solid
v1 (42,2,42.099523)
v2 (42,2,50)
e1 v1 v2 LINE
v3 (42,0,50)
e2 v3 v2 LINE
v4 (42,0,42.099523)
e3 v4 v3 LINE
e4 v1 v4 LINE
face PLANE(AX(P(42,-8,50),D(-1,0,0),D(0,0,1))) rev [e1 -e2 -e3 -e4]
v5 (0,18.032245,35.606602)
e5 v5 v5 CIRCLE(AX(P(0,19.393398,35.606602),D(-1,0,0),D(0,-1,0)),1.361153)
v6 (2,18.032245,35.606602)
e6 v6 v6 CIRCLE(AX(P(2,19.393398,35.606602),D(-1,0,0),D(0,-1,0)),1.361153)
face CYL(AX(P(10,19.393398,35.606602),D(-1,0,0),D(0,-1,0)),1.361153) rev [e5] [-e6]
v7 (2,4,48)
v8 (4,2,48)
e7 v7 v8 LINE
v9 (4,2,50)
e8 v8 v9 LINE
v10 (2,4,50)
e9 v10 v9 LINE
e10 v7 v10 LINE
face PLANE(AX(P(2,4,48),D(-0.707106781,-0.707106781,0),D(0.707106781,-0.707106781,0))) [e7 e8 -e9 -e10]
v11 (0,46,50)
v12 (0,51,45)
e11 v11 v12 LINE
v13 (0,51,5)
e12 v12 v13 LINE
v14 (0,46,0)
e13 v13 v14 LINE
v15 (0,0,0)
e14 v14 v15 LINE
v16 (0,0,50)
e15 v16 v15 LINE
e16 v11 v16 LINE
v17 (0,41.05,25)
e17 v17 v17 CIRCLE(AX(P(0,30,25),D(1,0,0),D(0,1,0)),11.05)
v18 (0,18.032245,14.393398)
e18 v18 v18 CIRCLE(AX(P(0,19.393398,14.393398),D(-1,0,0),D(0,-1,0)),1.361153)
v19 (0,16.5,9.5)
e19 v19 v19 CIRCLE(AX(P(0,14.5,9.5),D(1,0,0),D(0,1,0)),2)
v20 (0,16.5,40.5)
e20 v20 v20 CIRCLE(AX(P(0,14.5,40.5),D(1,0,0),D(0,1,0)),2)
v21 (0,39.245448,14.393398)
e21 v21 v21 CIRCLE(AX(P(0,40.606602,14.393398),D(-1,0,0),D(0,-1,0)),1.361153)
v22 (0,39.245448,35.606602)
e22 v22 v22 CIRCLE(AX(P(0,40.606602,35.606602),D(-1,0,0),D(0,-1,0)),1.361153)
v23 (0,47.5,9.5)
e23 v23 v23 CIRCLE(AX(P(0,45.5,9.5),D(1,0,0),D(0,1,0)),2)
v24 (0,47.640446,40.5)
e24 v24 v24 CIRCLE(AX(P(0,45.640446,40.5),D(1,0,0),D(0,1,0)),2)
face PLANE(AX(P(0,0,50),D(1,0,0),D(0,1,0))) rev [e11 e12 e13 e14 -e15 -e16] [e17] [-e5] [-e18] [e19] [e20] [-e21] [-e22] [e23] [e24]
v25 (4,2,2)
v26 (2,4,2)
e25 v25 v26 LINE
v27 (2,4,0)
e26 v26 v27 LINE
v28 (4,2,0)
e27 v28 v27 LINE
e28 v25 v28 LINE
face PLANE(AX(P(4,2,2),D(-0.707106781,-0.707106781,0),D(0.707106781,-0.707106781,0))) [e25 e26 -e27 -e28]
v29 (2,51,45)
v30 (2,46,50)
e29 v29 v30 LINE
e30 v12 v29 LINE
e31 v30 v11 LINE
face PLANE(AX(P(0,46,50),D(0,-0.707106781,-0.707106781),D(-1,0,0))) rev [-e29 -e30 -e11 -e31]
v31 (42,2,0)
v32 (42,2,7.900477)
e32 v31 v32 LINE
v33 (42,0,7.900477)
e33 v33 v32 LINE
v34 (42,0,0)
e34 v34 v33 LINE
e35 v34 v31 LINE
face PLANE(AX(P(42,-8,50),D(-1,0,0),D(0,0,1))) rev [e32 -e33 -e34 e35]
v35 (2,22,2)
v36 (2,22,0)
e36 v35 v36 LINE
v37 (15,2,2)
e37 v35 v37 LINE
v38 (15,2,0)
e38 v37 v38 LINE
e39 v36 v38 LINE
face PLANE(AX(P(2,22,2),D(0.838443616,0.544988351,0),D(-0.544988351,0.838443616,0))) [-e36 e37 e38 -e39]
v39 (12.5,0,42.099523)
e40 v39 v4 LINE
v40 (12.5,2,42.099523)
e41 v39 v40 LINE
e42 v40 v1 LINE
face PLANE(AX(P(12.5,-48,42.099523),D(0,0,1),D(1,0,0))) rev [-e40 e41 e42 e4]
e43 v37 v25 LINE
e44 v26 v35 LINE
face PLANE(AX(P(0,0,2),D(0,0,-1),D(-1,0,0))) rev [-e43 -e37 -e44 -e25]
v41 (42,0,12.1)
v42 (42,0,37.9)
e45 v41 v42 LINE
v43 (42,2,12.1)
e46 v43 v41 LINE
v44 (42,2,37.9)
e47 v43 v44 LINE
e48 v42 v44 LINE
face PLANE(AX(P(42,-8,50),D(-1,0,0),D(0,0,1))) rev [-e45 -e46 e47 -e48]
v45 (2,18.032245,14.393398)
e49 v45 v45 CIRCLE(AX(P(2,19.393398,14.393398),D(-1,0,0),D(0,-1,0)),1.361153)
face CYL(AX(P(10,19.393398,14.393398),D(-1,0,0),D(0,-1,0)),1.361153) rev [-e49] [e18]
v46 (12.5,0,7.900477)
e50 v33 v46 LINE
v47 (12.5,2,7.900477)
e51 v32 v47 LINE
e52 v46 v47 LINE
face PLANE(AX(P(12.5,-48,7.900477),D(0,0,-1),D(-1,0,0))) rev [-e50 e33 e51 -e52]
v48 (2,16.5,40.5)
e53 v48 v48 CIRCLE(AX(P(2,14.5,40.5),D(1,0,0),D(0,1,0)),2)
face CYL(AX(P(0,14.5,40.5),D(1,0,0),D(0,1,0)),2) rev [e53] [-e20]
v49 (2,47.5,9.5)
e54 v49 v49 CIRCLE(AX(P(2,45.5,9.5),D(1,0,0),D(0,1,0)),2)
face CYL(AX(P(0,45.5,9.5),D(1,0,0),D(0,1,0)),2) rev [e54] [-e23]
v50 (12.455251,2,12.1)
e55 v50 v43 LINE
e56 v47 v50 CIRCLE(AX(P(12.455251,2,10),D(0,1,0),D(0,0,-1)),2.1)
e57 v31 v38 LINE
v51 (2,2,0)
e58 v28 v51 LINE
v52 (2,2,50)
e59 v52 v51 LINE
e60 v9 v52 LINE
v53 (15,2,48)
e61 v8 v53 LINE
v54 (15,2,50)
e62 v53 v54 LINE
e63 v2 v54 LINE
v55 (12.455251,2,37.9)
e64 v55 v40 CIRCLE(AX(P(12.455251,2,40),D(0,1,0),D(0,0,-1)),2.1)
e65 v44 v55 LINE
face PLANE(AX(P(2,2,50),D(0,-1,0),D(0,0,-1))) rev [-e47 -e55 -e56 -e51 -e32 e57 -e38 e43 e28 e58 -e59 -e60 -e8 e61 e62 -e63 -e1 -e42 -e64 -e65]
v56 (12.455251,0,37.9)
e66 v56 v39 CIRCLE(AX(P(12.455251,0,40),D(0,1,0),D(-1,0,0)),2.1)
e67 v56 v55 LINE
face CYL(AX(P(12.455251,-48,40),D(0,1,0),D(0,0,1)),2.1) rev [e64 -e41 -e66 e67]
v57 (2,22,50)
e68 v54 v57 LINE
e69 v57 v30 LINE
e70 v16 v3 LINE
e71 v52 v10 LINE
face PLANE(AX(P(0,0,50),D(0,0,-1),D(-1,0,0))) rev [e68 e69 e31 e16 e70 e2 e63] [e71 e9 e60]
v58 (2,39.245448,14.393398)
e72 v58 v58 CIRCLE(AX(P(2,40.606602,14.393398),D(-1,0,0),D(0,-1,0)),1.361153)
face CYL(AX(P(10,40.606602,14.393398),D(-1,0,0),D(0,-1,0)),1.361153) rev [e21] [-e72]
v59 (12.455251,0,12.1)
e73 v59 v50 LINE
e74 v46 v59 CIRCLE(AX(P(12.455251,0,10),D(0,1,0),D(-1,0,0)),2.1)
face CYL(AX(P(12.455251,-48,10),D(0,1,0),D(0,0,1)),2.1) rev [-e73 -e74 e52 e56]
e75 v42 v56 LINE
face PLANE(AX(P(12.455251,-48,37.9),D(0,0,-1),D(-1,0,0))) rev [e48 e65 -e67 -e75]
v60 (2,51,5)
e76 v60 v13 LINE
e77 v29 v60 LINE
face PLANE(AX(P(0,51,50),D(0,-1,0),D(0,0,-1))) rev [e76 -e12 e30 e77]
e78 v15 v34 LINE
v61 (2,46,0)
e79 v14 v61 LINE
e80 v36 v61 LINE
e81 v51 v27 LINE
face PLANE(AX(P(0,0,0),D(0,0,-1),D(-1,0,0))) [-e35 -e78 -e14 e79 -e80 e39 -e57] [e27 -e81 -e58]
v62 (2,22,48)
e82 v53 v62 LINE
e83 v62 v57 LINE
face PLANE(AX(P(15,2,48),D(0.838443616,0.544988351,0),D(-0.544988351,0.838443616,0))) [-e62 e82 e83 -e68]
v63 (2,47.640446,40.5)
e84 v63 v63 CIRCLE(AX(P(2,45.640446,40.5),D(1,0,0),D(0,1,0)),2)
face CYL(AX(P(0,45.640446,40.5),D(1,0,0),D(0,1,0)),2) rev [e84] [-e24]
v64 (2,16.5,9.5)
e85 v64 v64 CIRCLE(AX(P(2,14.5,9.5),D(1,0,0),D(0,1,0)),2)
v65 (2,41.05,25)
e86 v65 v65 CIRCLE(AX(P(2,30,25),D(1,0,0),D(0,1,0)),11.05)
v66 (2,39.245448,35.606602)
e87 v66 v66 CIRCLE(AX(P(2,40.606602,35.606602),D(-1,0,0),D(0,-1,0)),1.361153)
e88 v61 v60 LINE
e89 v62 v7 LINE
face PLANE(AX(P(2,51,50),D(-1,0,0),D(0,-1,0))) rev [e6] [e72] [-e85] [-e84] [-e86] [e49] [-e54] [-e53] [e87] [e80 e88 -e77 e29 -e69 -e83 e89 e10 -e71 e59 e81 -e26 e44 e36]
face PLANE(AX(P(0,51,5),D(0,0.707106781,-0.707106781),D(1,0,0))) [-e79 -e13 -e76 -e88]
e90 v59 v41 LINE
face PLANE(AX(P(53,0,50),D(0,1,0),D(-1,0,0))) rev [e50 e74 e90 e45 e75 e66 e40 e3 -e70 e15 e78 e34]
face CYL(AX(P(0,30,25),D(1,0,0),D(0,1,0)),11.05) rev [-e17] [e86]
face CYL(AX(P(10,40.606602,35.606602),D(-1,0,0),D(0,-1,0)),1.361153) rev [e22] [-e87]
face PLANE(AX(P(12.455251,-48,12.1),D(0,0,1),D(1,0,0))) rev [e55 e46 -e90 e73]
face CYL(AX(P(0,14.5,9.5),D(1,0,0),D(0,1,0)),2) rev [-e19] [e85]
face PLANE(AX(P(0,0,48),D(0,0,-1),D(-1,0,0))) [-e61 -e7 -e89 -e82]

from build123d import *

# Parameters (mm, degrees)
BOSS_EXTRUDE1_DEPTH = 50
SKETCH2_R           = 11.05
SKETCH2_R_2         = 2
CUT_EXTRUDE1_DEPTH  = 88.761039192
CUT_EXTRUDE2_DEPTH  = 50
BOSS_EXTRUDE2_DEPTH = 2
BOSS_EXTRUDE3_DEPTH = 2
CHAMFER1_SIZE       = 5
SKETCH8_R           = 1.3611534
CUT_EXTRUDE3_DEPTH  = 10
SKETCH9_W           = 26.186270306
SKETCH9_H           = 50
CUT_EXTRUDE4_DEPTH  = 10


with BuildPart() as part:
    # Sketch1 → Boss-Extrude1 (new body)
    with BuildSketch(Plane.XY):
        Polygon((0, 0), (0, 51), (2, 51), (2, 2), (53, 2), (53, 0), align=None)
    extrude(amount=BOSS_EXTRUDE1_DEPTH)

    # Sketch2 → Cut-Extrude1 (cut, through all)
    with BuildSketch(Plane(origin=(2, 0, 0), x_dir=(0, 0, -1), z_dir=(1, 0, 0))):
        with Locations(Location((-25, 30, 0), (0, 0, 90))):
            Circle(SKETCH2_R)
        with Locations(Location((-40.5, 45.640445987, 0), (0, 0, 90))):
            Circle(SKETCH2_R_2)
        with Locations(Location((-9.5, 45.5, 0), (0, 0, 90))):
            Circle(SKETCH2_R_2)
        with Locations(Location((-40.5, 14.5, 0), (0, 0, 90))):
            Circle(SKETCH2_R_2)
        with Locations(Location((-9.5, 14.5, 0), (0, 0, 90))):
            Circle(SKETCH2_R_2)
    extrude(amount=-CUT_EXTRUDE1_DEPTH, mode=Mode.SUBTRACT)

    # Sketch3 → Cut-Extrude2 (cut)
    with BuildSketch(Plane(origin=(0, 2, 0), x_dir=(1, 0, 0), z_dir=(0, 1, 0))):
        with BuildLine():
            Line((12.455251015, -12.1), (42.544748985, -12.1))
            ThreePointArc((42.544748985, -12.1), (44.644629774, -9.977624237), (42.5, -7.900476833))
            Line((42.5, -7.900476833), (12.5, -7.900476833))
            ThreePointArc((12.5, -7.900476833), (10.355370226, -9.977624237), (12.455251015, -12.1))
        make_face()
        with BuildLine():
            Line((12.5, -42.099523167), (42.5, -42.099523167))
            ThreePointArc((42.5, -42.099523167), (44.644629774, -40.022375763), (42.544748985, -37.9))
            Line((42.544748985, -37.9), (12.455251015, -37.9))
            ThreePointArc((12.455251015, -37.9), (10.355370226, -40.022375763), (12.5, -42.099523167))
        make_face()
    extrude(amount=-CUT_EXTRUDE2_DEPTH, mode=Mode.SUBTRACT)

    # Sketch5 → Boss-Extrude2 (add)
    with BuildSketch(Plane.XY.offset(50)):
        Polygon((2, 22), (2, 4), (4, 2), (15, 2), align=None)
    extrude(amount=-BOSS_EXTRUDE2_DEPTH)

    # Sketch6 → Boss-Extrude3 (add)
    with BuildSketch(Plane(origin=(0, 0, 0), x_dir=(-1, 0, 0), z_dir=(0, 0, -1))):
        Polygon((-4, 2), (-2, 4), (-2, 22), (-15, 2), align=None)
    extrude(amount=-BOSS_EXTRUDE3_DEPTH)

    # Chamfer1
    chamfer1_edges = [part.edges().sort_by_distance(p)[0] for p in [
        (1, 51, 50),
        (1, 51, 0),
        (53, 1, 50),
        (53, 1, 0),
    ]]
    chamfer(chamfer1_edges, length=CHAMFER1_SIZE)

    # Sketch8 → Cut-Extrude3 (cut)
    with BuildSketch(Plane.ZY):
        with Locations(Location((35.606601718, 19.393398282, 0), (0, 0, 270))):
            Circle(SKETCH8_R)
        with Locations(Location((14.393398282, 19.393398282, 0), (0, 0, 270))):
            Circle(SKETCH8_R)
        with Locations(Location((14.393398282, 40.606601718, 0), (0, 0, 270))):
            Circle(SKETCH8_R)
        with Locations(Location((35.606601718, 40.606601718, 0), (0, 0, 270))):
            Circle(SKETCH8_R)
    extrude(amount=-CUT_EXTRUDE3_DEPTH, mode=Mode.SUBTRACT)

    # Sketch9 → Cut-Extrude4 (cut)
    with BuildSketch(Plane(origin=(0, 2, 0), x_dir=(1, 0, 0), z_dir=(0, 1, 0))):
        with Locations((55.093135153, -25)):
            Rectangle(SKETCH9_W, SKETCH9_H)
    extrude(amount=-CUT_EXTRUDE4_DEPTH, mode=Mode.SUBTRACT)


solid = part.part
